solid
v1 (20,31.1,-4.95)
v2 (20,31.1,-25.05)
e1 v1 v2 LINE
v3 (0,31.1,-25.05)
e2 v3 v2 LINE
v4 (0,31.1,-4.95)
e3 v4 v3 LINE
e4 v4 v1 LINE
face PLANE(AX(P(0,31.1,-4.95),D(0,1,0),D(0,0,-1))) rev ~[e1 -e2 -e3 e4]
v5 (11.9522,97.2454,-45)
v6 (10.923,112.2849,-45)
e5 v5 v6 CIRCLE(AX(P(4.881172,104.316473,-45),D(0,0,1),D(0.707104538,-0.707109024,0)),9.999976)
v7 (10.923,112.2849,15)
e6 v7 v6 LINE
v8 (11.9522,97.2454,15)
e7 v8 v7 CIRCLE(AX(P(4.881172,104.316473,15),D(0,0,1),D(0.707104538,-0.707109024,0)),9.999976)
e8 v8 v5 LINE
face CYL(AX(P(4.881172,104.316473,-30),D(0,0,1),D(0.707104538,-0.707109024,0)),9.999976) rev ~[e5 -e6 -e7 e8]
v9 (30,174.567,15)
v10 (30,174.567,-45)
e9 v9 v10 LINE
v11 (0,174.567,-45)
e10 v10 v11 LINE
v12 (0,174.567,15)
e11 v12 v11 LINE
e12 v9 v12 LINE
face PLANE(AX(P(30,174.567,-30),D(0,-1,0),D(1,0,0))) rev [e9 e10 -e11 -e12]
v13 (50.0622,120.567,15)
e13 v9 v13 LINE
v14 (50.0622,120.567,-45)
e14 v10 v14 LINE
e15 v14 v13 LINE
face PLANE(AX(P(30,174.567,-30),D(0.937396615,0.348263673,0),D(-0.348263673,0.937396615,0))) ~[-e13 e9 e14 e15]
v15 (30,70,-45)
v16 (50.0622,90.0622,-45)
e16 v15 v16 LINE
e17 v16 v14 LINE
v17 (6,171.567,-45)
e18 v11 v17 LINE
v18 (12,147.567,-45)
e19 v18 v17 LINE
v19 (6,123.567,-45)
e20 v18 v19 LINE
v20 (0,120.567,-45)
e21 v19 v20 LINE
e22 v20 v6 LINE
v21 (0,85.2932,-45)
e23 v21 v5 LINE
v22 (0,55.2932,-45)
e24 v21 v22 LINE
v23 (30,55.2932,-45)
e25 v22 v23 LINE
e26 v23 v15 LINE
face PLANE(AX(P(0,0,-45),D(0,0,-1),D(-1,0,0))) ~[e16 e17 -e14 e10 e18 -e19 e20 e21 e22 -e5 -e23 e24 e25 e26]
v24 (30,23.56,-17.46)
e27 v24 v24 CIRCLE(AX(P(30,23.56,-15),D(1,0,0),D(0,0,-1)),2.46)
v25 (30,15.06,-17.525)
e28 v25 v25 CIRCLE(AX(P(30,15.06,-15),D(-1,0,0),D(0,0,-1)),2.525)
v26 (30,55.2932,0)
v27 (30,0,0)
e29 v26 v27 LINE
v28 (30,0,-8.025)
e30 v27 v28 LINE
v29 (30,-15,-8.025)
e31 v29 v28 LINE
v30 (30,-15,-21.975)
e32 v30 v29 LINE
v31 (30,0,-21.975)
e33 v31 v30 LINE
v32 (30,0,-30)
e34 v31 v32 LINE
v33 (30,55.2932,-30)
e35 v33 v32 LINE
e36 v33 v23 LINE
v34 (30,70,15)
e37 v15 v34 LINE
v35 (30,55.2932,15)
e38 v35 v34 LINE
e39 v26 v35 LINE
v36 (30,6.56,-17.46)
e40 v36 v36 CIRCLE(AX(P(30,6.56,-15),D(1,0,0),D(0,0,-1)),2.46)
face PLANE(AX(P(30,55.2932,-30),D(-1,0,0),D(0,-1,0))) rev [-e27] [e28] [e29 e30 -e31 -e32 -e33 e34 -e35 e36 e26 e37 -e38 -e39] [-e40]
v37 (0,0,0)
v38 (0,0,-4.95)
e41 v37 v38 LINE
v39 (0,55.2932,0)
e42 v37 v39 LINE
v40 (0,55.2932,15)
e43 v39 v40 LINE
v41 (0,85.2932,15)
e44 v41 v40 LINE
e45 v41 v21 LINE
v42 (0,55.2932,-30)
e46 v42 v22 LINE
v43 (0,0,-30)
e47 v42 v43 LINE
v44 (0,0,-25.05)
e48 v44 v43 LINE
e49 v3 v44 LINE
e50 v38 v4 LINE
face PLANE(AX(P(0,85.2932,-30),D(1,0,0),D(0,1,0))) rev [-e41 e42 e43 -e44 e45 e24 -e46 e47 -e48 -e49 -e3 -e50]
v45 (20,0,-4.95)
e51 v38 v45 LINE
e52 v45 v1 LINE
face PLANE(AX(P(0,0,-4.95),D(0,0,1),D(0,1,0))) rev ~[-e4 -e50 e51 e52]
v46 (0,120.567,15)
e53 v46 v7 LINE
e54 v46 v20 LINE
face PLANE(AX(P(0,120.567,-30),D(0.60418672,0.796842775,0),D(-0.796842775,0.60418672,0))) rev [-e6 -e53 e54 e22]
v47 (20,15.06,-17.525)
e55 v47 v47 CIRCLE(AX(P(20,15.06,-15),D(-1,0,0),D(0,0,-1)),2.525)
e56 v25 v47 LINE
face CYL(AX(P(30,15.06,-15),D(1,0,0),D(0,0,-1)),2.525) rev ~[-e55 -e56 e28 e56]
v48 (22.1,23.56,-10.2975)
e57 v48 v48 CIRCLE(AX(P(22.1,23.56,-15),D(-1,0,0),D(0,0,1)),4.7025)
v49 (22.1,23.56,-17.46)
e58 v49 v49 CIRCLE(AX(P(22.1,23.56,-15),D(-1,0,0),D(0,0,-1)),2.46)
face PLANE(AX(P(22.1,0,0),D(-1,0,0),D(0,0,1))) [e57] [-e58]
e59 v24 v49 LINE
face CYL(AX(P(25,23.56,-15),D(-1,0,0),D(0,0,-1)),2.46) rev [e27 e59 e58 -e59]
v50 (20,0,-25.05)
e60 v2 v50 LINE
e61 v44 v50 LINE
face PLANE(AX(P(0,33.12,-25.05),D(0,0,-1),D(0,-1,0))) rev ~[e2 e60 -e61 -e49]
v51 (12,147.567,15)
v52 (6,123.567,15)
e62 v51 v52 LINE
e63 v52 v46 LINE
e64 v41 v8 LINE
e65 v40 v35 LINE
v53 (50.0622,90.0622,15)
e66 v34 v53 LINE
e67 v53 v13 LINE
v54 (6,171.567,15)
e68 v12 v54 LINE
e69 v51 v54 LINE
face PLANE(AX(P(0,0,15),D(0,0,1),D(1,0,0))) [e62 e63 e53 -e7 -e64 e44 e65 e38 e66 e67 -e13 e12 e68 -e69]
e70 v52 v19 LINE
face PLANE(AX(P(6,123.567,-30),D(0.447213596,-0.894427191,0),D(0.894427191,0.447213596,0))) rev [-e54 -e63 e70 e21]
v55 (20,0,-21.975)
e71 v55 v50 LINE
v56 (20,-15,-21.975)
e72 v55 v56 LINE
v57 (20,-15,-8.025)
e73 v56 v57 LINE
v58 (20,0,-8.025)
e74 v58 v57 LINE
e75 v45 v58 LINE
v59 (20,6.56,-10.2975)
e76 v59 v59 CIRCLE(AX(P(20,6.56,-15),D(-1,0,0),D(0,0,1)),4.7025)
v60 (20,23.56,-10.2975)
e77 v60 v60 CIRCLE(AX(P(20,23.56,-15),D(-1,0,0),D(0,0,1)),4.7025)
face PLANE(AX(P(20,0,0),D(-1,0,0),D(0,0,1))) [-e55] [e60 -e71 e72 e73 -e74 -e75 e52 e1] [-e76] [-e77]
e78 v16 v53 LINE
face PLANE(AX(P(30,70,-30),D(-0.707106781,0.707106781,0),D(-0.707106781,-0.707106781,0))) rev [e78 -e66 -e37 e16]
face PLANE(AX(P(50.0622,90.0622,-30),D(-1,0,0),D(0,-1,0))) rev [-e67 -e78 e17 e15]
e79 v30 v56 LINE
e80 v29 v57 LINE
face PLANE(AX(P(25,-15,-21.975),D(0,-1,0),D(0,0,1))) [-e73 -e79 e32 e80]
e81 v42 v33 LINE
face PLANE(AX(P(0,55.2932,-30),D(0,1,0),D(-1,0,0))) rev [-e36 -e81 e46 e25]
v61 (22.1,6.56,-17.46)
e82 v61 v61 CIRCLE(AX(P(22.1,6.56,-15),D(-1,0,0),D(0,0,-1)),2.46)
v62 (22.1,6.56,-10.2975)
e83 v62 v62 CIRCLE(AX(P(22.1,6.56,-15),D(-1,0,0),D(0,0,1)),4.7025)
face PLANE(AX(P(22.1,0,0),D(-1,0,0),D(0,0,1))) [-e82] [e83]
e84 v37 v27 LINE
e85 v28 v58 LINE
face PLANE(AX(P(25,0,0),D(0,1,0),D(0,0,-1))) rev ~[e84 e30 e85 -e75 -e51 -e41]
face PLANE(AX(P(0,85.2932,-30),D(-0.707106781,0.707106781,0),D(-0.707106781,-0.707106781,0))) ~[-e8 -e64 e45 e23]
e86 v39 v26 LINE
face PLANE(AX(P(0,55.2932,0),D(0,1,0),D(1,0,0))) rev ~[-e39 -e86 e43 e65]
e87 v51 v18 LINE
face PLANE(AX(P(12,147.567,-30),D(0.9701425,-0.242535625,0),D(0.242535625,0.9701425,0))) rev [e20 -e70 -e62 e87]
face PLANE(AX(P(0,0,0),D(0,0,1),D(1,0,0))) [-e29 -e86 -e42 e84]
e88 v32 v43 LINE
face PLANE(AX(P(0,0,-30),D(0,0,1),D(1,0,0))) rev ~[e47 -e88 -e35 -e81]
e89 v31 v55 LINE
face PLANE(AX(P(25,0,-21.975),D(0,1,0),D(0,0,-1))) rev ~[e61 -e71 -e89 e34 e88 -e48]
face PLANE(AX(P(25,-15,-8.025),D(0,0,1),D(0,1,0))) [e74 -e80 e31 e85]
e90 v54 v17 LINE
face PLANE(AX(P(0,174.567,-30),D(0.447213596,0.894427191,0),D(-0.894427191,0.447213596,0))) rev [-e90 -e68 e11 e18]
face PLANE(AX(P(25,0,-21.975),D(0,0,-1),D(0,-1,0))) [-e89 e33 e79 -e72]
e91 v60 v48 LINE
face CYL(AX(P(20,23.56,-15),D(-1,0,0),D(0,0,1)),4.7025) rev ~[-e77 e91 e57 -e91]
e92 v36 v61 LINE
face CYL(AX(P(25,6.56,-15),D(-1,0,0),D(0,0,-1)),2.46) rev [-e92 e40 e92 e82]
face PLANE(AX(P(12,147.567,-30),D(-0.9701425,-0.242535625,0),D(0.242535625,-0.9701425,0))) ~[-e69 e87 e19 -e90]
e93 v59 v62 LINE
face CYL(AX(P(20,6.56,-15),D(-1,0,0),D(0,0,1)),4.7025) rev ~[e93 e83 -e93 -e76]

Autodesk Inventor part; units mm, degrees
ref_plane "YZ Plane" through (0, 0, 0) normal (1, 0, 0) x (0, 1, 0)
ref_plane "XZ Plane" through (0, 0, 0) normal (0, 1, 0) x (-1, 0, 0)
sketch "Sketch1" plane through (0, 0, 0) normal (0, 0, 1) x (1, 0, 0)
  line L0 (0, 0) -> (25, 0)
  line L1 (25, 0) -> (25, 40)
  line L2 (25, 40) -> (0, 40)
  line L3 (0, 40) -> (0, 0)
  dimension "d1" = 25
  dimension "d2" = 40
  dimension "d3" = 25
extrude "Extrusion1" add sketch "Sketch1" against normal blind 30
sketch "Sketch2" plane through (25, 0, 0) normal (1, 0, 0) x (0, 0, -1)
  line L0 (0, 0) -> (30, 0) projected
  circle A0 centre (15, 6.56) radius 2.46
extrude "Extrusion2" cut sketch "Sketch2" against normal blind 30
sketch "Sketch3" plane through (0, 0, 0) normal (-1, 0, 0) x (0, 0, 1)
  line L0 (0, 0) -> (-30, 0) projected
  line L1 (-25.05, 0) -> (-4.95, 0)
  line L2 (-4.95, 0) -> (-4.95, 33.12)
  line L3 (-4.95, 33.12) -> (-25.05, 33.12)
  line L4 (-25.05, 33.12) -> (-25.05, 0)
  dimension "d11" = 20.1
extrude "Extrusion3" cut sketch "Sketch3" against normal blind 20
sketch "Sketch4" plane through (0, 0, 0) normal (0, -1, 0) x (1, 0, 0)
  line L0 (20, -4.95) -> (20, -25.05) projected
  line L1 (20, -15) -> (25, -15)
  line L2 (25, 0) -> (25, -30) projected
  line L3 (20, -8.025) -> (25, -8.025)
  line L4 (25, -8.025) -> (25, -21.975)
  line L5 (25, -21.975) -> (20, -21.975)
  line L6 (20, -21.975) -> (20, -8.025)
  line L7 (20, -8.025) -> (25, -21.975) construction
  line L8 (25, -8.025) -> (20, -21.975) construction
  line L9 (25, -12.54) -> (25, -17.46) projected
  point P0 (0, 0)
  point P1 (22.5, -15)
  dimension "d14" = 13.95
extrude "Extrusion4" add sketch "Sketch4" along normal blind 15
sketch "Sketch5" plane through (20, 0, 0) normal (-1, 0, 0) x (0, 0, 1)
  circle A0 centre (-15, 6.56) radius 2.46 projected
  circle A1 centre (-15, 6.56) radius 4.7025
  circle A2 centre (-15, 6.56) radius 2.46 projected
  circle A3 centre (-15, 6.56) radius 2.46
  point P0 (0, 0)
  dimension "d17" = 9.405
extrude "Extrusion5" cut sketch "Sketch5" against normal blind 2.1
sketch "Sketch6" plane through (25, 0, 0) normal (1, 0, 0) x (0, 0, -1)
  circle A0 centre (15, 6.56) radius 4.7025 projected
  line L0 (15, 6.56) -> (15, 23.56)
  circle A1 centre (15, 23.56) radius 2.46
  point P0 (0, 0)
  dimension "d20" = 17
  dimension "d21" = 4.92
extrude "Extrusion6" cut sketch "Sketch6" against normal blind 10 contours A1
sketch "Sketch7" plane through (20, 0, 0) normal (-1, 0, 0) x (0, 0, 1)
  circle A0 centre (-15, 23.56) radius 2.46 projected
  circle A1 centre (-15, 23.56) radius 4.7025
  point P0 (0, 0)
  dimension "d24" = 9.405
extrude "Extrusion7" cut sketch "Sketch7" against normal blind 2.1
sketch "Sketch9" plane through (25, 0, 0) normal (1, 0, 0) x (0, 0, -1)
  circle A0 centre (15, 6.56) radius 2.46 projected
  circle A1 centre (15, 6.56) radius 2.46
  circle A2 centre (15, 23.56) radius 2.46 projected
  circle A3 centre (15, 23.56) radius 2.46
  line L0 (30, 40) -> (30, 0) projected
  line L1 (30, 0) -> (30, 40)
  line L2 (30, 40) -> (0, 40)
  line L3 (0, 40) -> (0, 0)
  line L4 (0, 0) -> (8.025, 0) projected
  line L5 (21.975, 0) -> (21.975, -15)
  line L6 (21.975, -15) -> (8.025, -15)
  line L7 (8.025, -15) -> (8.025, 0)
  line L8 (0, 0) -> (8.025, 0)
  line L9 (21.975, 0) -> (30, 0)
extrude "Extrusion8" add sketch "Sketch9" along normal blind 5
sketch "Sketch10" plane through (0, 40, 0) normal (0, 1, 0) x (1, 0, 0)
  line L0 (0, 30) -> (30, 30) projected
  line L1 (30, 0) -> (0, 0) projected
  line L2 (0, 30) -> (30, 30)
  line L3 (30, 30) -> (30, 0)
  line L4 (30, 0) -> (0, 0)
  line L5 (0, 0) -> (0, 30)
extrude "Extrusion9" add sketch "Sketch10" along normal blind 30
sketch "Sketch12" plane through (30, 0, 0) normal (1, 0, 0) x (0, 0, -1)
  circle A0 centre (15, 6.56) radius 2.46 projected
  line L0 (15, 6.56) -> (15, 15.06)
  circle A1 centre (15, 15.06) radius 2.525
  point P0 (0, 0)
  dimension "d31" = 8.5
  dimension "d33" = 5.05
extrude "Extrusion10" cut sketch "Sketch12" against normal blind 30 contours A1
sketch "Sketch15" plane through (0, 0, -25.05) normal (-1, 0, 0) x (0, 0, 1)
  line L0 (0, 33.12) -> (20.1, 33.12) projected
  line L1 (20.1, 33.12) -> (20.1, 0) projected
  line L2 (0, 33.12) -> (20.1, 33.12)
  line L3 (20.1, 33.12) -> (20.1, 31.1)
  line L4 (20.1, 31.1) -> (0, 31.1)
  line L5 (0, 31.1) -> (0, 33.12)
  point P0 (25.05, 0)
  dimension "d57" = 2.02
extrude "Extrusion13" add sketch "Sketch15" against normal blind 20
sketch "Sketch17" plane through (0, 0, 0) normal (0, 0, 1) x (1, 0, 0)
  line L0 (0, 70) -> (30, 70) projected
  line L1 (30, 70) -> (50.0622, 90.0622)
  line L2 (30, 70) -> (80, 70) construction
  line L3 (11.9522, 97.2454) -> (0, 85.2932)
  line L4 (0, 70) -> (0, 85.2932)
  line L5 (0, 70) -> (0, 0) projected
  line L6 (0, 70) -> (30, 70)
  line L7 (10.923, 112.2849) -> (0, 120.567)
  line L8 (50.0622, 105.3553) -> (50.0622, 120.567)
  line L9 (50.0622, 105.3553) -> (50.0622, 90.0622)
  arc A0 (11.9522, 97.2454) -> (10.923, 112.2849) centre (4.8811, 104.3165) ccw
  line L10 (0, 174.567) -> (30, 174.567)
  line L11 (30, 174.567) -> (50.0622, 120.567)
  line L12 (6, 171.567) -> (0, 174.567)
  line L13 (6, 123.567) -> (0, 120.567)
  line L14 (6, 123.567) -> (12, 147.567)
  line L15 (6, 171.567) -> (12, 147.567)
  dimension "d61" = 45
  dimension "d62" = 32.0271
  dimension "d72" = 10
extrude "Extrusion14" add sketch "Sketch17" against normal blind 30
sketch "Sketch24" plane through (0, 0, 0) normal (0, 0, 1) x (1, 0, 0)
  line L0 (30, 70) -> (50.0622, 90.0622) projected
  line L1 (30, 70) -> (50.0622, 90.0622)
  line L2 (50.0622, 90.0622) -> (50.0622, 120.567) projected
  line L3 (50.0622, 90.0622) -> (50.0622, 120.567)
  line L4 (30, 174.567) -> (50.0622, 120.567) projected
  line L5 (50.0622, 120.567) -> (30, 174.567)
  line L6 (30, 174.567) -> (0, 174.567) projected
  line L7 (30, 174.567) -> (0, 174.567)
  line L8 (0, 174.567) -> (6, 171.567) projected
  line L9 (0, 174.567) -> (6, 171.567)
  line L10 (12, 147.567) -> (6, 171.567) projected
  line L11 (6, 171.567) -> (12, 147.567)
  line L12 (12, 147.567) -> (6, 123.567) projected
  line L13 (12, 147.567) -> (6, 123.567)
  line L14 (6, 123.567) -> (0, 120.567) projected
  line L15 (6, 123.567) -> (0, 120.567)
  line L16 (0, 120.567) -> (10.923, 112.2849) projected
  line L17 (0, 120.567) -> (10.923, 112.2849)
  line L18 (0, 85.2932) -> (11.9522, 97.2454) projected
  line L19 (11.9522, 97.2454) -> (0, 85.2932)
  line L20 (0, 85.2932) -> (0, 55.2932)
  line L21 (0, 0) -> (0, 85.2932) projected
  line L22 (0, 55.2932) -> (30, 55.2932)
  line L23 (30, 0) -> (30, 70) projected
  line L24 (30, 55.2932) -> (30, 70)
  arc A0 (11.9522, 97.2454) -> (10.923, 112.2849) centre (4.8811, 104.3165) ccw
  dimension "d106" = 30
extrude "Extrusion15" add sketch "Sketch24" along normal blind 15
ref_plane "Work Plane1" through (0, 0, -15) normal (0, 0, 1) x (1, 0, 0)
mirror "Mirror1" about plane through (0, 0, -15) normal (0, 0, 1) of "Extrusion15"
properties part number "rec_c_48mm_x_60mm"
